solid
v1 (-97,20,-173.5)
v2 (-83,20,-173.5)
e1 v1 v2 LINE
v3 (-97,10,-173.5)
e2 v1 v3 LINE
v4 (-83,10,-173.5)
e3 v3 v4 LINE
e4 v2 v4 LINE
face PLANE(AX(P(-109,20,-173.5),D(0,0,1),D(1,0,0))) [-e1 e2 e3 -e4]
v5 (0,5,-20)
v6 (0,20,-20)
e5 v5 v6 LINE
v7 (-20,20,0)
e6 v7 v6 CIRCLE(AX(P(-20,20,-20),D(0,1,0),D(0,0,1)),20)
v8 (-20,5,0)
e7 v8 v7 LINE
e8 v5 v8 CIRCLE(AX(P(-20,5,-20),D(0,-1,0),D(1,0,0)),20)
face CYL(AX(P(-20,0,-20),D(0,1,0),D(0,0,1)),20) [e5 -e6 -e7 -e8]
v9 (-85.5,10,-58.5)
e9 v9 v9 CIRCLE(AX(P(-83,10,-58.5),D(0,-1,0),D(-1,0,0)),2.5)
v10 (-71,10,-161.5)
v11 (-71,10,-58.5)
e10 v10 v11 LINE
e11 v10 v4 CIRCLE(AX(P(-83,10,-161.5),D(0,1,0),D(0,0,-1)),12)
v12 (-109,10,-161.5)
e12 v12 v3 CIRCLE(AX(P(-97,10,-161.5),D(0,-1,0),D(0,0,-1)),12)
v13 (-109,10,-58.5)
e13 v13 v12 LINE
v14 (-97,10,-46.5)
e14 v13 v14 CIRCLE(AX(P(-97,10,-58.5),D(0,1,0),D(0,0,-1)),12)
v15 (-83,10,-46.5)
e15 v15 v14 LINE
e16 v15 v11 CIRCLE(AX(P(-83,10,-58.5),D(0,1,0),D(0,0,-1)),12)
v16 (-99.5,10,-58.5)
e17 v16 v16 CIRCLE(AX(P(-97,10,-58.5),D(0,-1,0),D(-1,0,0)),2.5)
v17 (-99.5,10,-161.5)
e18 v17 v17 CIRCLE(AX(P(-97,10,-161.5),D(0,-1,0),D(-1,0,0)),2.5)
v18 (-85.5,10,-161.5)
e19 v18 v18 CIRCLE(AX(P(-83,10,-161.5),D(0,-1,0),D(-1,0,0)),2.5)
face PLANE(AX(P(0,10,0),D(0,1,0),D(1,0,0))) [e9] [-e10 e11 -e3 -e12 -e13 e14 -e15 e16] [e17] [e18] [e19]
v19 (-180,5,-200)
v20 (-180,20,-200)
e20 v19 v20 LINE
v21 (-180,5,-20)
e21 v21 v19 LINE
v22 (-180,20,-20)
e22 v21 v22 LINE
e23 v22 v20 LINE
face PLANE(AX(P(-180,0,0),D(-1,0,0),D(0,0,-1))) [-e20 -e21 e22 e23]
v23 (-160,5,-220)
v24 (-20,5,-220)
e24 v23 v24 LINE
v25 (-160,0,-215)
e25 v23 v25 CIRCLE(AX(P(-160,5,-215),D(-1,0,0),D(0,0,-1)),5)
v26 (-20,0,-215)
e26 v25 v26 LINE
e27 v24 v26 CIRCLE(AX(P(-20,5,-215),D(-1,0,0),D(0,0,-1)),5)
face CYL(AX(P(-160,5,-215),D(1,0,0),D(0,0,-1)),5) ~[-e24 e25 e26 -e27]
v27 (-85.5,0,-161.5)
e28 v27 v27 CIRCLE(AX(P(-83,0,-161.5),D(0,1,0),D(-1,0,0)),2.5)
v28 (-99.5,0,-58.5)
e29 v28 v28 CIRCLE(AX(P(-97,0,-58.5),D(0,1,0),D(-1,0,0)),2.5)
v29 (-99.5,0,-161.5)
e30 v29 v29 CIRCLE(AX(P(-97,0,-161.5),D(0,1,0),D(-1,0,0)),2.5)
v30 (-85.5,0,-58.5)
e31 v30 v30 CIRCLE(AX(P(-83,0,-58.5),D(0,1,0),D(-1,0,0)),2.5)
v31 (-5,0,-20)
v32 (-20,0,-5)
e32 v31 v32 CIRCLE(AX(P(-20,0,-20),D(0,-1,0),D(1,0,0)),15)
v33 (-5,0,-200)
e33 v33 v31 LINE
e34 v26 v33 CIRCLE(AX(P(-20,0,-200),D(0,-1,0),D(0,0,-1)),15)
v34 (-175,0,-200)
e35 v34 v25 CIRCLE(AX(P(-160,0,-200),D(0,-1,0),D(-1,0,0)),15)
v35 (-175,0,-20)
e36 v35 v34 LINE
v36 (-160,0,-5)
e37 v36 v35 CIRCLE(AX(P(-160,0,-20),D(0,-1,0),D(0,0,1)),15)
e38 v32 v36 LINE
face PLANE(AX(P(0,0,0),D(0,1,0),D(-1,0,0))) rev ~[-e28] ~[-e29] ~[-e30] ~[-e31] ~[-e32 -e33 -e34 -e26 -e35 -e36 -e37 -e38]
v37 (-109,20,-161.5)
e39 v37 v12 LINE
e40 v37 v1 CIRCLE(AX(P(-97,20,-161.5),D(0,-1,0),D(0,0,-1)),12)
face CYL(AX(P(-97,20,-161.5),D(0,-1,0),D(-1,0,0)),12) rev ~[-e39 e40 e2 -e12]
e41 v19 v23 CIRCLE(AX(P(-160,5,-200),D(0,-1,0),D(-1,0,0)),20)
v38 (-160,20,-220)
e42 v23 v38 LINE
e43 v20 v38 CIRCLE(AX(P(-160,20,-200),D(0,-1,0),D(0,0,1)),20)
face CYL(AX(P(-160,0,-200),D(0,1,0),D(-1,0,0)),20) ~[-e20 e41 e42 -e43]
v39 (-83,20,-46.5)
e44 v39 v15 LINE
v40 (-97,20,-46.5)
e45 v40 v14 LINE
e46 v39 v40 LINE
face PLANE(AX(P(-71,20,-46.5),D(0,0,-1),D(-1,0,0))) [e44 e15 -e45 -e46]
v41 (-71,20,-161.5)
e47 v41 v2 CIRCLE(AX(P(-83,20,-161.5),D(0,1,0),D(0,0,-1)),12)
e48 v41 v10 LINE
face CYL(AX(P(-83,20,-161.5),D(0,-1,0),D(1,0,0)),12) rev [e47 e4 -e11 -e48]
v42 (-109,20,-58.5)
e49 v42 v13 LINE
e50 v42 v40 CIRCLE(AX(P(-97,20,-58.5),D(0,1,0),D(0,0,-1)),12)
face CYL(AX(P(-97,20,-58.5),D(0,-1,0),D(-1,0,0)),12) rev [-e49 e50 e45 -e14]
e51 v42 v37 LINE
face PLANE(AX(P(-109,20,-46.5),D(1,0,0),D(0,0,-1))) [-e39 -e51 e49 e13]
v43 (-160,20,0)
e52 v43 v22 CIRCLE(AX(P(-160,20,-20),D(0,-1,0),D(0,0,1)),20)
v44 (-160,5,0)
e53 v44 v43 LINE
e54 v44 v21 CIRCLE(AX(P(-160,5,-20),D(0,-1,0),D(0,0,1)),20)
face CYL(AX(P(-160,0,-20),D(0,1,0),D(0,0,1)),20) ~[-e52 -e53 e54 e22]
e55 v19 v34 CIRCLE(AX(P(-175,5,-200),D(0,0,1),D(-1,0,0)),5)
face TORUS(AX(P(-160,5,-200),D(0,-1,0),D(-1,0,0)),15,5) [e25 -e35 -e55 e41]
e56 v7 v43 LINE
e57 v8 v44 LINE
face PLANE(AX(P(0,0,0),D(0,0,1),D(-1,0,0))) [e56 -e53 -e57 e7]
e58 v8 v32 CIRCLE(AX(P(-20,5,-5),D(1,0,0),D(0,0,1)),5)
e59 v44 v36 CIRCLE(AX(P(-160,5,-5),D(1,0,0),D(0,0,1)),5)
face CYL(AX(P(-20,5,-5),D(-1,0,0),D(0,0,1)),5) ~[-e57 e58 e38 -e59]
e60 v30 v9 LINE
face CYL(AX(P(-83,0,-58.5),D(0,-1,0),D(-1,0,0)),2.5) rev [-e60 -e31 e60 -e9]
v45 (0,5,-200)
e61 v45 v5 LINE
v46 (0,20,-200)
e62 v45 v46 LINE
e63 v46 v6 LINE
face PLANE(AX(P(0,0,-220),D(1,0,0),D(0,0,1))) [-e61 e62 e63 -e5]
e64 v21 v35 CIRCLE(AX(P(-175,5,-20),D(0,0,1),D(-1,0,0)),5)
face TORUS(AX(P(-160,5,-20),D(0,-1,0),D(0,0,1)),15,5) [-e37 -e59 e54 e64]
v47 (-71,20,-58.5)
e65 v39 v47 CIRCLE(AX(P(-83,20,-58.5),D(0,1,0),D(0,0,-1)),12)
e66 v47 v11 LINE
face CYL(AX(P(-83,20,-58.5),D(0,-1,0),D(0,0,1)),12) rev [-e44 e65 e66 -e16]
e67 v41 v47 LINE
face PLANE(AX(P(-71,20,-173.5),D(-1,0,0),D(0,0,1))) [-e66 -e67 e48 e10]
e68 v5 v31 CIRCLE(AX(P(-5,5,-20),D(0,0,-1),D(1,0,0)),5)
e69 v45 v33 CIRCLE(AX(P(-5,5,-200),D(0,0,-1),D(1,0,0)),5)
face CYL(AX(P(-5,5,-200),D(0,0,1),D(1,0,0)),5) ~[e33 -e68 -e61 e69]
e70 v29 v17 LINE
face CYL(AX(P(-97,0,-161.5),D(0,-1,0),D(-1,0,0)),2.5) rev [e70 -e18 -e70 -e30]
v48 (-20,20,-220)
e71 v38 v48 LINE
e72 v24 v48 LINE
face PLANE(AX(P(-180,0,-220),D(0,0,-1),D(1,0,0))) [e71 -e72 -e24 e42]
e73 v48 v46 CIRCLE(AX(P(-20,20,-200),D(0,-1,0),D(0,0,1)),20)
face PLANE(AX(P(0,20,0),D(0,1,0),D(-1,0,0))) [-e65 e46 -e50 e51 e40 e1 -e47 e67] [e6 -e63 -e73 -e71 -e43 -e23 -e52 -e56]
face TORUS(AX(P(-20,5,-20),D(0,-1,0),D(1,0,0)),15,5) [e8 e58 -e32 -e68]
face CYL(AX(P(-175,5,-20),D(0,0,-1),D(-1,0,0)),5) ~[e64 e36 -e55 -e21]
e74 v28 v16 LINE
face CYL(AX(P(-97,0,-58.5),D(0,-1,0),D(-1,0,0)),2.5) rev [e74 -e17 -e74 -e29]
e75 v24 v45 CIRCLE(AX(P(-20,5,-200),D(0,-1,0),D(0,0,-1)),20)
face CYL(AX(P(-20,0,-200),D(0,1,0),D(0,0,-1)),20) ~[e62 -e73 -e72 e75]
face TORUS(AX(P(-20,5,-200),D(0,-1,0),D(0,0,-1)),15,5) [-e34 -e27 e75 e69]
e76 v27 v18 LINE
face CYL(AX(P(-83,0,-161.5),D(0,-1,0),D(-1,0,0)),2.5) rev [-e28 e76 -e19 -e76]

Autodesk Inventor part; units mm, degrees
ref_plane "YZ Plane" through (0, 0, 0) normal (1, 0, 0) x (0, 1, 0)
ref_plane "XZ Plane" through (0, 0, 0) normal (0, 1, 0) x (-1, 0, 0)
ref_plane "XY Plane" through (0, 0, 0) normal (0, 0, 1) x (1, 0, 0)
sketch "Sketch1" plane through (0, 0, 0) normal (0, 1, 0) x (-1, 0, 0)
  line L0 (0, 0) -> (180, 0)
  line L1 (180, 0) -> (180, -220)
  line L2 (180, -220) -> (0, -220)
  line L3 (0, -220) -> (0, 0)
  line L4 (90, 0) -> (90, -220) construction
  line L5 (90, -110) -> (90, -161.5) construction
  line L6 (90, -110) -> (90, -58.5) construction
  line L7 (90, -161.5) -> (83, -161.5) construction
  line L8 (83, -161.5) -> (83, -193.1088) construction
  circle A0 centre (83, -161.5) radius 2.5
  line L9 (90, -161.5) -> (97, -161.5) construction
  circle A1 centre (97, -161.5) radius 2.5
  line L10 (90, -58.5) -> (83, -58.5) construction
  line L11 (83, -58.5) -> (83, 21.6306) construction
  circle A2 centre (83, -58.5) radius 2.5
  line L12 (90, -58.5) -> (97, -58.5) construction
  circle A3 centre (97, -58.5) radius 2.5 construction
  circle A4 centre (97, -58.5) radius 2.5
  dimension "d0" = 180
  dimension "d1" = 220
  dimension "d2" = 51.5
  dimension "d3" = 51.5
  dimension "d4" = 7
  dimension "d5" = 5
  dimension "d6" = 7
  dimension "d7" = 5
  dimension "d8" = 7
  dimension "d9" = 5
  dimension "d10" = 7
  dimension "d11" = 5
  dimension "d12" = 5
extrude "Extrusion1" add sketch "Sketch1" along normal blind 20
fillet "Fillet1" radius 20 4 edges at (0, 10, -220) (0, 10, 0) (-180, 10, -220) (-180, 10, 0)
sketch "Sketch2" plane through (0, 20, 0) normal (0, 1, 0) x (1, 0, 0)
  line L0 (-109, 173.5) -> (-71, 173.5)
  line L1 (-71, 173.5) -> (-71, 46.5)
  line L2 (-71, 46.5) -> (-109, 46.5)
  line L3 (-109, 46.5) -> (-109, 173.5)
  line L4 (0, 20) -> (0, 200) projected
  line L5 (-20, 220) -> (-160, 220) projected
  point P0 (0, 0)
  point P1 (-71, 110)
  point P2 (0, 110)
  point P3 (-90, 173.5)
  point P4 (-90, 220)
  dimension "d16" = 38
  dimension "d17" = 127
extrude "Extrusion2" cut sketch "Sketch2" against normal blind 10
fillet "Fillet2" radius 12 4 edges at (-109, 15, -173.5) (-71, 15, -173.5) (-109, 15, -46.5) (-71, 15, -46.5)
fillet "Fillet4" radius 5 8 edges at (-174.1421, 0, -214.1421) (-90, 0, -220) (-5.8579, 0, -214.1421) (0, 0, -110) (-5.8579, 0, -5.8579) (-90, 0, 0) (-174.1421, 0, -5.8579) (-180, 0, -110)
properties part number "Stand" material "Wood (Oak)"
